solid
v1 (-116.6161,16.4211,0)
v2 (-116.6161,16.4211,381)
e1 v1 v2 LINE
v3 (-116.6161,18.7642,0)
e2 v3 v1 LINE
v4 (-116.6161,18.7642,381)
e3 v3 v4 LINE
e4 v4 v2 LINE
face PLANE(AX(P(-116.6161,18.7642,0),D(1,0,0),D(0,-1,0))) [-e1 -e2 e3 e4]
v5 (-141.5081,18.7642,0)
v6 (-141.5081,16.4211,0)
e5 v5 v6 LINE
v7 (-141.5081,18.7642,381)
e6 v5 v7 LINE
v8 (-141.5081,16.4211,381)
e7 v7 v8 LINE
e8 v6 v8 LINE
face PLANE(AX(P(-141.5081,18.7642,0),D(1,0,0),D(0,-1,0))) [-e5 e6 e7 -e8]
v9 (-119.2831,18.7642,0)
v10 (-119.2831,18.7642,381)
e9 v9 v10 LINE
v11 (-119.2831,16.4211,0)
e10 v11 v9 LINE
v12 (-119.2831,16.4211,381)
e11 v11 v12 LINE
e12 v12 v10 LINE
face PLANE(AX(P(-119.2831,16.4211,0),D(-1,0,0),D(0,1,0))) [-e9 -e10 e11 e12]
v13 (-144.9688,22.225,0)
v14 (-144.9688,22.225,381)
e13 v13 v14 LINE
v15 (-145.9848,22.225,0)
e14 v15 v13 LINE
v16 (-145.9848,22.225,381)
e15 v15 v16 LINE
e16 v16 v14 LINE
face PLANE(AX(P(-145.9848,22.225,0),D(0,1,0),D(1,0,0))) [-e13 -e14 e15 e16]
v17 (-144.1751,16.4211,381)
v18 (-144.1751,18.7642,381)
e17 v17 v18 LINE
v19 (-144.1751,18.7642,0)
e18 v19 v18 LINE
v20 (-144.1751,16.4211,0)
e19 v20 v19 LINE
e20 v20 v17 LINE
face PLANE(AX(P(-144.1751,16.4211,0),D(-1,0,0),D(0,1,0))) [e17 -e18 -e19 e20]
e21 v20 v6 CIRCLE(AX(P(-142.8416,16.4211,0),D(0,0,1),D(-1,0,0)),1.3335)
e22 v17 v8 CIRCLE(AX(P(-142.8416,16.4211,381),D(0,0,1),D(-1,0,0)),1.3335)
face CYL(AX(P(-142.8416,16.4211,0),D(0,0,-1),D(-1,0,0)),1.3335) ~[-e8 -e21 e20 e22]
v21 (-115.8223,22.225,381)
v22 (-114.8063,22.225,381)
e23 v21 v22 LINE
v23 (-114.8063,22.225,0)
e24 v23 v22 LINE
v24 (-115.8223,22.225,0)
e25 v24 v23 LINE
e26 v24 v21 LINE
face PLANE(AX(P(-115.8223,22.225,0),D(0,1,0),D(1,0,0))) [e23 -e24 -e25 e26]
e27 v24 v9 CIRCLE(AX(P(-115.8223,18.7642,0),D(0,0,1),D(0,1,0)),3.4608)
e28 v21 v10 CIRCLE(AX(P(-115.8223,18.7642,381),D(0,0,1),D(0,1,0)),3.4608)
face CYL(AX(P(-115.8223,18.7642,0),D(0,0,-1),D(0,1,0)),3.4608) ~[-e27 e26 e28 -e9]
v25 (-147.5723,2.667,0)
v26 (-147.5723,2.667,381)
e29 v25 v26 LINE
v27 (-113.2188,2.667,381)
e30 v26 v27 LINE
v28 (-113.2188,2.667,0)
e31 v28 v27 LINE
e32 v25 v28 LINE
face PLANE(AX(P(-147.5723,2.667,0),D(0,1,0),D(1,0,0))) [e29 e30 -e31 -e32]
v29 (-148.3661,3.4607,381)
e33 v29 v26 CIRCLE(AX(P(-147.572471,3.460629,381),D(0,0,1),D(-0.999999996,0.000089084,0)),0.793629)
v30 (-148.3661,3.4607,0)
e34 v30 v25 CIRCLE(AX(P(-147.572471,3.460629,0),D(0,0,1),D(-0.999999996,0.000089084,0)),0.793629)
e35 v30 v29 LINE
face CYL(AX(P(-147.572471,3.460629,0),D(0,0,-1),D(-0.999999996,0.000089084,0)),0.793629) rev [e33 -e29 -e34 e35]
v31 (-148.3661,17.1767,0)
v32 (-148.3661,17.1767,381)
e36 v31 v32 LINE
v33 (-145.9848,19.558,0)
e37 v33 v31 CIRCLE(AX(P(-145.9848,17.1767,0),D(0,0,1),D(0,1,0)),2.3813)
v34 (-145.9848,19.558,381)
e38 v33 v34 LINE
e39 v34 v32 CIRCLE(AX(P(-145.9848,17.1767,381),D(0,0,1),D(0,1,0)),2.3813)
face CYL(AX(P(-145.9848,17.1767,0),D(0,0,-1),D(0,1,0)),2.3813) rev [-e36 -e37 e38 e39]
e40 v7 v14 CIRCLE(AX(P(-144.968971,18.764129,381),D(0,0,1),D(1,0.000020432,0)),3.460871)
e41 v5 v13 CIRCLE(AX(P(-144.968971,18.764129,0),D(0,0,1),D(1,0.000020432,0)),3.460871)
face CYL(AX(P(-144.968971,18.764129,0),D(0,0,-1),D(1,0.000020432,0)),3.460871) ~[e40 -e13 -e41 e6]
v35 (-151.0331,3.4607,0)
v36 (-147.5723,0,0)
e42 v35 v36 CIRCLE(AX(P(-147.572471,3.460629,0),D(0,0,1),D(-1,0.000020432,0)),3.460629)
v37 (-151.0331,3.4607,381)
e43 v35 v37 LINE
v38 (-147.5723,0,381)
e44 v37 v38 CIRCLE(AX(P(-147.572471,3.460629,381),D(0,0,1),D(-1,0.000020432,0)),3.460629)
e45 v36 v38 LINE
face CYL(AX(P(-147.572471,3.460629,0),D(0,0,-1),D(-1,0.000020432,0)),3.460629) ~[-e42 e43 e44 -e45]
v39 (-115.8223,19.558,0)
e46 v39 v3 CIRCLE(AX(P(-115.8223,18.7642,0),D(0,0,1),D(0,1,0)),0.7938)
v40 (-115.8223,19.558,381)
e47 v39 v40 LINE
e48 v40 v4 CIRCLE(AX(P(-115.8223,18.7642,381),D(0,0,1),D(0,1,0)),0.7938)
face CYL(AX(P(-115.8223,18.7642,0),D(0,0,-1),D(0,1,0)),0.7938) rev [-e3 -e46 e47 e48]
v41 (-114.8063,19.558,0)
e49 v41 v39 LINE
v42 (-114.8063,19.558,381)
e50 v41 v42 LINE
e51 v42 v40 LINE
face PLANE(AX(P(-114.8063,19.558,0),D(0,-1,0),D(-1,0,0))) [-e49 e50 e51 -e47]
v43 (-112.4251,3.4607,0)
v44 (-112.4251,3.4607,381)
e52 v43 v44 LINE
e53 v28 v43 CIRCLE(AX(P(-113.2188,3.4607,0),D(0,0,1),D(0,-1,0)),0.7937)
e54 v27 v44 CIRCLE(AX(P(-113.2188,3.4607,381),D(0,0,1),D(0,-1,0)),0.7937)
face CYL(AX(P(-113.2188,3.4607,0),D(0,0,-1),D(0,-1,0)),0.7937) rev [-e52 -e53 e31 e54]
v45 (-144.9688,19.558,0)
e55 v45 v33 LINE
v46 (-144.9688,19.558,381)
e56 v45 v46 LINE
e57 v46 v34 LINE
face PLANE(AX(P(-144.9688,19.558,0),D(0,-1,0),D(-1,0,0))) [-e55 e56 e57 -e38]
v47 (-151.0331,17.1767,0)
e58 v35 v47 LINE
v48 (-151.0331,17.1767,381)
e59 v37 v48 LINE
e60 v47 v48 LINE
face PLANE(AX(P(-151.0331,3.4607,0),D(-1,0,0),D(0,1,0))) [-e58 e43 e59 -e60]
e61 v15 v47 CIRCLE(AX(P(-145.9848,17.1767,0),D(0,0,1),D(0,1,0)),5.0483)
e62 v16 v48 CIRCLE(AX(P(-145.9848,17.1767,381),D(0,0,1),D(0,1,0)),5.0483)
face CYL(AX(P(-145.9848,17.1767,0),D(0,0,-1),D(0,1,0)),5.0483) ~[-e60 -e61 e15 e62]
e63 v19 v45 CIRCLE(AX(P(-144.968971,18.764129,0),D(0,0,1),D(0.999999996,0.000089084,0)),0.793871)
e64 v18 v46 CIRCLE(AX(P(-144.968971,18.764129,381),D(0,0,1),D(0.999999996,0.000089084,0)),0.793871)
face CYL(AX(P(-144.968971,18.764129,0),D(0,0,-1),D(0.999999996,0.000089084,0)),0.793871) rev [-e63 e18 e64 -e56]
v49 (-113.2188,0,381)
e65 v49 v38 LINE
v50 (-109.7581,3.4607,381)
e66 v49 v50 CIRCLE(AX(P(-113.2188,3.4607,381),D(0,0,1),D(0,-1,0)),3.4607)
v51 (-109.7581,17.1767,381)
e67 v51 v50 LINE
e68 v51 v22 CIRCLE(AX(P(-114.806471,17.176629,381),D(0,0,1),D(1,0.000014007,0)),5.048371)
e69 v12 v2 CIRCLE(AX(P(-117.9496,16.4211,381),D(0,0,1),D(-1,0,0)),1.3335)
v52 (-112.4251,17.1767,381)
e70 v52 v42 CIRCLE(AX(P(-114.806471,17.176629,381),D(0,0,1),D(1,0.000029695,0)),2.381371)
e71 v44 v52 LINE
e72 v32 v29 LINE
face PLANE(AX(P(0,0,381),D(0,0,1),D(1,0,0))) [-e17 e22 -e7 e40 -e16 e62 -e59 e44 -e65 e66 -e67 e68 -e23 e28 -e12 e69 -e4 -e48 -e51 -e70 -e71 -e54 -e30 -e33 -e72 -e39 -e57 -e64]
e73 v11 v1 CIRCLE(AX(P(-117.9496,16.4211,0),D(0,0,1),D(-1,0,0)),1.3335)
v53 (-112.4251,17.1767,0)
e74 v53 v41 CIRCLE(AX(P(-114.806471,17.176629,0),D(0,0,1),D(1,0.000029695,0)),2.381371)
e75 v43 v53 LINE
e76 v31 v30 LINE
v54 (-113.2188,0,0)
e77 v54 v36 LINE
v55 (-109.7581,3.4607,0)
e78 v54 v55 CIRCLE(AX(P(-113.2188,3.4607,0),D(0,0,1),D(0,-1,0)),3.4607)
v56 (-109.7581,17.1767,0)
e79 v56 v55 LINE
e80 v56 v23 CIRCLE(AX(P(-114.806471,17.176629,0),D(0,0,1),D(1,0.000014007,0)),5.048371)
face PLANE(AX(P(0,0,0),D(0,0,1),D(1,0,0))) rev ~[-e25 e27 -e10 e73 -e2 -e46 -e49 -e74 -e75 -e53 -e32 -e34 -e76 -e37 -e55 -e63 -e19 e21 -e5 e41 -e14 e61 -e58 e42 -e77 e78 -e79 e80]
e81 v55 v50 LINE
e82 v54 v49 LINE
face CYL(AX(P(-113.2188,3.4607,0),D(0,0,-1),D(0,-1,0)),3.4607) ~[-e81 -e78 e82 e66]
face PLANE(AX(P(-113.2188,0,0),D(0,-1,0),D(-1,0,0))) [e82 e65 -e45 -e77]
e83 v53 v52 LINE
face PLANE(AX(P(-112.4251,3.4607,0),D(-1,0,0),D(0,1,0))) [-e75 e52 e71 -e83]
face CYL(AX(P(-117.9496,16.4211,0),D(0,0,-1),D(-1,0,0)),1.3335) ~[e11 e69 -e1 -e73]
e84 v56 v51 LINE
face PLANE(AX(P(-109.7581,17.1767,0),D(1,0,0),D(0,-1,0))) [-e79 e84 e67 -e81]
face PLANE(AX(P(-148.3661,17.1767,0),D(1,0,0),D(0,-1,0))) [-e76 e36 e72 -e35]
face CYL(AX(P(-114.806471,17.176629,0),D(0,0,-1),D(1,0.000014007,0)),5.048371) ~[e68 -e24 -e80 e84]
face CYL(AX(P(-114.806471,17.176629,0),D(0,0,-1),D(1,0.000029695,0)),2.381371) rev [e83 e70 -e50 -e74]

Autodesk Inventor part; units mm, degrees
ref_plane "YZ Plane" through (0, 0, 0) normal (1, 0, 0) x (0, 1, 0)
ref_plane "XZ Plane" through (0, 0, 0) normal (0, 1, 0) x (-1, 0, 0)
ref_plane "Work Plane1" through (0, 0, 0) normal (0, 0, 1) x (1, 0, 0)
sketch "Sketch1" plane through (0, 0, 0) normal (0, 0, 1) x (1, 0, 0)
  arc A0 (-113.2188, 0) -> (-109.7581, 3.4607) centre (-113.2188, 3.4607) ccw projected
  line L0 (-109.7581, 17.1767) -> (-109.7581, 3.4607) projected
  arc A1 (-109.7581, 17.1767) -> (-114.8063, 22.225) centre (-114.8063, 17.1767) ccw projected
  line L1 (-115.8223, 22.225) -> (-114.8063, 22.225) projected
  arc A2 (-115.8223, 22.225) -> (-119.2831, 18.7642) centre (-115.8223, 18.7642) ccw projected
  line L2 (-119.2831, 16.4211) -> (-119.2831, 18.7642) projected
  arc A3 (-119.2831, 16.4211) -> (-116.6161, 16.4211) centre (-117.9496, 16.4211) ccw projected
  line L3 (-116.6161, 18.7642) -> (-116.6161, 16.4211) projected
  arc A4 (-115.8223, 19.558) -> (-116.6161, 18.7642) centre (-115.8223, 18.7642) ccw projected
  line L4 (-114.8063, 19.558) -> (-115.8223, 19.558) projected
  arc A5 (-112.4251, 17.1767) -> (-114.8063, 19.558) centre (-114.8063, 17.1767) ccw projected
  line L5 (-112.4251, 3.4607) -> (-112.4251, 17.1767) projected
  arc A6 (-113.2188, 2.667) -> (-112.4251, 3.4607) centre (-113.2188, 3.4607) ccw projected
  line L6 (-147.5723, 2.667) -> (-113.2188, 2.667) projected
  arc A7 (-148.3661, 3.4607) -> (-147.5723, 2.667) centre (-147.5723, 3.4607) ccw projected
  line L7 (-148.3661, 17.1767) -> (-148.3661, 3.4607) projected
  arc A8 (-145.9848, 19.558) -> (-148.3661, 17.1767) centre (-145.9848, 17.1767) ccw projected
  line L8 (-144.9688, 19.558) -> (-145.9848, 19.558) projected
  arc A9 (-144.1751, 18.7642) -> (-144.9688, 19.558) centre (-144.9688, 18.7642) ccw projected
  line L9 (-144.1751, 16.4211) -> (-144.1751, 18.7642) projected
  arc A10 (-144.1751, 16.4211) -> (-141.5081, 16.4211) centre (-142.8416, 16.4211) ccw projected
  line L10 (-141.5081, 18.7642) -> (-141.5081, 16.4211) projected
  arc A11 (-141.5081, 18.7642) -> (-144.9688, 22.225) centre (-144.9688, 18.7642) ccw projected
  line L11 (-145.9848, 22.225) -> (-144.9688, 22.225) projected
  arc A12 (-145.9848, 22.225) -> (-151.0331, 17.1767) centre (-145.9848, 17.1767) ccw projected
  line L12 (-151.0331, 3.4607) -> (-151.0331, 17.1767) projected
  arc A13 (-151.0331, 3.4607) -> (-147.5723, 0) centre (-147.5723, 3.4607) ccw projected
  line L13 (-113.2188, 0) -> (-147.5723, 0) projected
  point P0 (0, 0)
extrude "Extrusion1" add sketch "Sketch1" along normal blind 381
properties part number "Unistrut 15"
